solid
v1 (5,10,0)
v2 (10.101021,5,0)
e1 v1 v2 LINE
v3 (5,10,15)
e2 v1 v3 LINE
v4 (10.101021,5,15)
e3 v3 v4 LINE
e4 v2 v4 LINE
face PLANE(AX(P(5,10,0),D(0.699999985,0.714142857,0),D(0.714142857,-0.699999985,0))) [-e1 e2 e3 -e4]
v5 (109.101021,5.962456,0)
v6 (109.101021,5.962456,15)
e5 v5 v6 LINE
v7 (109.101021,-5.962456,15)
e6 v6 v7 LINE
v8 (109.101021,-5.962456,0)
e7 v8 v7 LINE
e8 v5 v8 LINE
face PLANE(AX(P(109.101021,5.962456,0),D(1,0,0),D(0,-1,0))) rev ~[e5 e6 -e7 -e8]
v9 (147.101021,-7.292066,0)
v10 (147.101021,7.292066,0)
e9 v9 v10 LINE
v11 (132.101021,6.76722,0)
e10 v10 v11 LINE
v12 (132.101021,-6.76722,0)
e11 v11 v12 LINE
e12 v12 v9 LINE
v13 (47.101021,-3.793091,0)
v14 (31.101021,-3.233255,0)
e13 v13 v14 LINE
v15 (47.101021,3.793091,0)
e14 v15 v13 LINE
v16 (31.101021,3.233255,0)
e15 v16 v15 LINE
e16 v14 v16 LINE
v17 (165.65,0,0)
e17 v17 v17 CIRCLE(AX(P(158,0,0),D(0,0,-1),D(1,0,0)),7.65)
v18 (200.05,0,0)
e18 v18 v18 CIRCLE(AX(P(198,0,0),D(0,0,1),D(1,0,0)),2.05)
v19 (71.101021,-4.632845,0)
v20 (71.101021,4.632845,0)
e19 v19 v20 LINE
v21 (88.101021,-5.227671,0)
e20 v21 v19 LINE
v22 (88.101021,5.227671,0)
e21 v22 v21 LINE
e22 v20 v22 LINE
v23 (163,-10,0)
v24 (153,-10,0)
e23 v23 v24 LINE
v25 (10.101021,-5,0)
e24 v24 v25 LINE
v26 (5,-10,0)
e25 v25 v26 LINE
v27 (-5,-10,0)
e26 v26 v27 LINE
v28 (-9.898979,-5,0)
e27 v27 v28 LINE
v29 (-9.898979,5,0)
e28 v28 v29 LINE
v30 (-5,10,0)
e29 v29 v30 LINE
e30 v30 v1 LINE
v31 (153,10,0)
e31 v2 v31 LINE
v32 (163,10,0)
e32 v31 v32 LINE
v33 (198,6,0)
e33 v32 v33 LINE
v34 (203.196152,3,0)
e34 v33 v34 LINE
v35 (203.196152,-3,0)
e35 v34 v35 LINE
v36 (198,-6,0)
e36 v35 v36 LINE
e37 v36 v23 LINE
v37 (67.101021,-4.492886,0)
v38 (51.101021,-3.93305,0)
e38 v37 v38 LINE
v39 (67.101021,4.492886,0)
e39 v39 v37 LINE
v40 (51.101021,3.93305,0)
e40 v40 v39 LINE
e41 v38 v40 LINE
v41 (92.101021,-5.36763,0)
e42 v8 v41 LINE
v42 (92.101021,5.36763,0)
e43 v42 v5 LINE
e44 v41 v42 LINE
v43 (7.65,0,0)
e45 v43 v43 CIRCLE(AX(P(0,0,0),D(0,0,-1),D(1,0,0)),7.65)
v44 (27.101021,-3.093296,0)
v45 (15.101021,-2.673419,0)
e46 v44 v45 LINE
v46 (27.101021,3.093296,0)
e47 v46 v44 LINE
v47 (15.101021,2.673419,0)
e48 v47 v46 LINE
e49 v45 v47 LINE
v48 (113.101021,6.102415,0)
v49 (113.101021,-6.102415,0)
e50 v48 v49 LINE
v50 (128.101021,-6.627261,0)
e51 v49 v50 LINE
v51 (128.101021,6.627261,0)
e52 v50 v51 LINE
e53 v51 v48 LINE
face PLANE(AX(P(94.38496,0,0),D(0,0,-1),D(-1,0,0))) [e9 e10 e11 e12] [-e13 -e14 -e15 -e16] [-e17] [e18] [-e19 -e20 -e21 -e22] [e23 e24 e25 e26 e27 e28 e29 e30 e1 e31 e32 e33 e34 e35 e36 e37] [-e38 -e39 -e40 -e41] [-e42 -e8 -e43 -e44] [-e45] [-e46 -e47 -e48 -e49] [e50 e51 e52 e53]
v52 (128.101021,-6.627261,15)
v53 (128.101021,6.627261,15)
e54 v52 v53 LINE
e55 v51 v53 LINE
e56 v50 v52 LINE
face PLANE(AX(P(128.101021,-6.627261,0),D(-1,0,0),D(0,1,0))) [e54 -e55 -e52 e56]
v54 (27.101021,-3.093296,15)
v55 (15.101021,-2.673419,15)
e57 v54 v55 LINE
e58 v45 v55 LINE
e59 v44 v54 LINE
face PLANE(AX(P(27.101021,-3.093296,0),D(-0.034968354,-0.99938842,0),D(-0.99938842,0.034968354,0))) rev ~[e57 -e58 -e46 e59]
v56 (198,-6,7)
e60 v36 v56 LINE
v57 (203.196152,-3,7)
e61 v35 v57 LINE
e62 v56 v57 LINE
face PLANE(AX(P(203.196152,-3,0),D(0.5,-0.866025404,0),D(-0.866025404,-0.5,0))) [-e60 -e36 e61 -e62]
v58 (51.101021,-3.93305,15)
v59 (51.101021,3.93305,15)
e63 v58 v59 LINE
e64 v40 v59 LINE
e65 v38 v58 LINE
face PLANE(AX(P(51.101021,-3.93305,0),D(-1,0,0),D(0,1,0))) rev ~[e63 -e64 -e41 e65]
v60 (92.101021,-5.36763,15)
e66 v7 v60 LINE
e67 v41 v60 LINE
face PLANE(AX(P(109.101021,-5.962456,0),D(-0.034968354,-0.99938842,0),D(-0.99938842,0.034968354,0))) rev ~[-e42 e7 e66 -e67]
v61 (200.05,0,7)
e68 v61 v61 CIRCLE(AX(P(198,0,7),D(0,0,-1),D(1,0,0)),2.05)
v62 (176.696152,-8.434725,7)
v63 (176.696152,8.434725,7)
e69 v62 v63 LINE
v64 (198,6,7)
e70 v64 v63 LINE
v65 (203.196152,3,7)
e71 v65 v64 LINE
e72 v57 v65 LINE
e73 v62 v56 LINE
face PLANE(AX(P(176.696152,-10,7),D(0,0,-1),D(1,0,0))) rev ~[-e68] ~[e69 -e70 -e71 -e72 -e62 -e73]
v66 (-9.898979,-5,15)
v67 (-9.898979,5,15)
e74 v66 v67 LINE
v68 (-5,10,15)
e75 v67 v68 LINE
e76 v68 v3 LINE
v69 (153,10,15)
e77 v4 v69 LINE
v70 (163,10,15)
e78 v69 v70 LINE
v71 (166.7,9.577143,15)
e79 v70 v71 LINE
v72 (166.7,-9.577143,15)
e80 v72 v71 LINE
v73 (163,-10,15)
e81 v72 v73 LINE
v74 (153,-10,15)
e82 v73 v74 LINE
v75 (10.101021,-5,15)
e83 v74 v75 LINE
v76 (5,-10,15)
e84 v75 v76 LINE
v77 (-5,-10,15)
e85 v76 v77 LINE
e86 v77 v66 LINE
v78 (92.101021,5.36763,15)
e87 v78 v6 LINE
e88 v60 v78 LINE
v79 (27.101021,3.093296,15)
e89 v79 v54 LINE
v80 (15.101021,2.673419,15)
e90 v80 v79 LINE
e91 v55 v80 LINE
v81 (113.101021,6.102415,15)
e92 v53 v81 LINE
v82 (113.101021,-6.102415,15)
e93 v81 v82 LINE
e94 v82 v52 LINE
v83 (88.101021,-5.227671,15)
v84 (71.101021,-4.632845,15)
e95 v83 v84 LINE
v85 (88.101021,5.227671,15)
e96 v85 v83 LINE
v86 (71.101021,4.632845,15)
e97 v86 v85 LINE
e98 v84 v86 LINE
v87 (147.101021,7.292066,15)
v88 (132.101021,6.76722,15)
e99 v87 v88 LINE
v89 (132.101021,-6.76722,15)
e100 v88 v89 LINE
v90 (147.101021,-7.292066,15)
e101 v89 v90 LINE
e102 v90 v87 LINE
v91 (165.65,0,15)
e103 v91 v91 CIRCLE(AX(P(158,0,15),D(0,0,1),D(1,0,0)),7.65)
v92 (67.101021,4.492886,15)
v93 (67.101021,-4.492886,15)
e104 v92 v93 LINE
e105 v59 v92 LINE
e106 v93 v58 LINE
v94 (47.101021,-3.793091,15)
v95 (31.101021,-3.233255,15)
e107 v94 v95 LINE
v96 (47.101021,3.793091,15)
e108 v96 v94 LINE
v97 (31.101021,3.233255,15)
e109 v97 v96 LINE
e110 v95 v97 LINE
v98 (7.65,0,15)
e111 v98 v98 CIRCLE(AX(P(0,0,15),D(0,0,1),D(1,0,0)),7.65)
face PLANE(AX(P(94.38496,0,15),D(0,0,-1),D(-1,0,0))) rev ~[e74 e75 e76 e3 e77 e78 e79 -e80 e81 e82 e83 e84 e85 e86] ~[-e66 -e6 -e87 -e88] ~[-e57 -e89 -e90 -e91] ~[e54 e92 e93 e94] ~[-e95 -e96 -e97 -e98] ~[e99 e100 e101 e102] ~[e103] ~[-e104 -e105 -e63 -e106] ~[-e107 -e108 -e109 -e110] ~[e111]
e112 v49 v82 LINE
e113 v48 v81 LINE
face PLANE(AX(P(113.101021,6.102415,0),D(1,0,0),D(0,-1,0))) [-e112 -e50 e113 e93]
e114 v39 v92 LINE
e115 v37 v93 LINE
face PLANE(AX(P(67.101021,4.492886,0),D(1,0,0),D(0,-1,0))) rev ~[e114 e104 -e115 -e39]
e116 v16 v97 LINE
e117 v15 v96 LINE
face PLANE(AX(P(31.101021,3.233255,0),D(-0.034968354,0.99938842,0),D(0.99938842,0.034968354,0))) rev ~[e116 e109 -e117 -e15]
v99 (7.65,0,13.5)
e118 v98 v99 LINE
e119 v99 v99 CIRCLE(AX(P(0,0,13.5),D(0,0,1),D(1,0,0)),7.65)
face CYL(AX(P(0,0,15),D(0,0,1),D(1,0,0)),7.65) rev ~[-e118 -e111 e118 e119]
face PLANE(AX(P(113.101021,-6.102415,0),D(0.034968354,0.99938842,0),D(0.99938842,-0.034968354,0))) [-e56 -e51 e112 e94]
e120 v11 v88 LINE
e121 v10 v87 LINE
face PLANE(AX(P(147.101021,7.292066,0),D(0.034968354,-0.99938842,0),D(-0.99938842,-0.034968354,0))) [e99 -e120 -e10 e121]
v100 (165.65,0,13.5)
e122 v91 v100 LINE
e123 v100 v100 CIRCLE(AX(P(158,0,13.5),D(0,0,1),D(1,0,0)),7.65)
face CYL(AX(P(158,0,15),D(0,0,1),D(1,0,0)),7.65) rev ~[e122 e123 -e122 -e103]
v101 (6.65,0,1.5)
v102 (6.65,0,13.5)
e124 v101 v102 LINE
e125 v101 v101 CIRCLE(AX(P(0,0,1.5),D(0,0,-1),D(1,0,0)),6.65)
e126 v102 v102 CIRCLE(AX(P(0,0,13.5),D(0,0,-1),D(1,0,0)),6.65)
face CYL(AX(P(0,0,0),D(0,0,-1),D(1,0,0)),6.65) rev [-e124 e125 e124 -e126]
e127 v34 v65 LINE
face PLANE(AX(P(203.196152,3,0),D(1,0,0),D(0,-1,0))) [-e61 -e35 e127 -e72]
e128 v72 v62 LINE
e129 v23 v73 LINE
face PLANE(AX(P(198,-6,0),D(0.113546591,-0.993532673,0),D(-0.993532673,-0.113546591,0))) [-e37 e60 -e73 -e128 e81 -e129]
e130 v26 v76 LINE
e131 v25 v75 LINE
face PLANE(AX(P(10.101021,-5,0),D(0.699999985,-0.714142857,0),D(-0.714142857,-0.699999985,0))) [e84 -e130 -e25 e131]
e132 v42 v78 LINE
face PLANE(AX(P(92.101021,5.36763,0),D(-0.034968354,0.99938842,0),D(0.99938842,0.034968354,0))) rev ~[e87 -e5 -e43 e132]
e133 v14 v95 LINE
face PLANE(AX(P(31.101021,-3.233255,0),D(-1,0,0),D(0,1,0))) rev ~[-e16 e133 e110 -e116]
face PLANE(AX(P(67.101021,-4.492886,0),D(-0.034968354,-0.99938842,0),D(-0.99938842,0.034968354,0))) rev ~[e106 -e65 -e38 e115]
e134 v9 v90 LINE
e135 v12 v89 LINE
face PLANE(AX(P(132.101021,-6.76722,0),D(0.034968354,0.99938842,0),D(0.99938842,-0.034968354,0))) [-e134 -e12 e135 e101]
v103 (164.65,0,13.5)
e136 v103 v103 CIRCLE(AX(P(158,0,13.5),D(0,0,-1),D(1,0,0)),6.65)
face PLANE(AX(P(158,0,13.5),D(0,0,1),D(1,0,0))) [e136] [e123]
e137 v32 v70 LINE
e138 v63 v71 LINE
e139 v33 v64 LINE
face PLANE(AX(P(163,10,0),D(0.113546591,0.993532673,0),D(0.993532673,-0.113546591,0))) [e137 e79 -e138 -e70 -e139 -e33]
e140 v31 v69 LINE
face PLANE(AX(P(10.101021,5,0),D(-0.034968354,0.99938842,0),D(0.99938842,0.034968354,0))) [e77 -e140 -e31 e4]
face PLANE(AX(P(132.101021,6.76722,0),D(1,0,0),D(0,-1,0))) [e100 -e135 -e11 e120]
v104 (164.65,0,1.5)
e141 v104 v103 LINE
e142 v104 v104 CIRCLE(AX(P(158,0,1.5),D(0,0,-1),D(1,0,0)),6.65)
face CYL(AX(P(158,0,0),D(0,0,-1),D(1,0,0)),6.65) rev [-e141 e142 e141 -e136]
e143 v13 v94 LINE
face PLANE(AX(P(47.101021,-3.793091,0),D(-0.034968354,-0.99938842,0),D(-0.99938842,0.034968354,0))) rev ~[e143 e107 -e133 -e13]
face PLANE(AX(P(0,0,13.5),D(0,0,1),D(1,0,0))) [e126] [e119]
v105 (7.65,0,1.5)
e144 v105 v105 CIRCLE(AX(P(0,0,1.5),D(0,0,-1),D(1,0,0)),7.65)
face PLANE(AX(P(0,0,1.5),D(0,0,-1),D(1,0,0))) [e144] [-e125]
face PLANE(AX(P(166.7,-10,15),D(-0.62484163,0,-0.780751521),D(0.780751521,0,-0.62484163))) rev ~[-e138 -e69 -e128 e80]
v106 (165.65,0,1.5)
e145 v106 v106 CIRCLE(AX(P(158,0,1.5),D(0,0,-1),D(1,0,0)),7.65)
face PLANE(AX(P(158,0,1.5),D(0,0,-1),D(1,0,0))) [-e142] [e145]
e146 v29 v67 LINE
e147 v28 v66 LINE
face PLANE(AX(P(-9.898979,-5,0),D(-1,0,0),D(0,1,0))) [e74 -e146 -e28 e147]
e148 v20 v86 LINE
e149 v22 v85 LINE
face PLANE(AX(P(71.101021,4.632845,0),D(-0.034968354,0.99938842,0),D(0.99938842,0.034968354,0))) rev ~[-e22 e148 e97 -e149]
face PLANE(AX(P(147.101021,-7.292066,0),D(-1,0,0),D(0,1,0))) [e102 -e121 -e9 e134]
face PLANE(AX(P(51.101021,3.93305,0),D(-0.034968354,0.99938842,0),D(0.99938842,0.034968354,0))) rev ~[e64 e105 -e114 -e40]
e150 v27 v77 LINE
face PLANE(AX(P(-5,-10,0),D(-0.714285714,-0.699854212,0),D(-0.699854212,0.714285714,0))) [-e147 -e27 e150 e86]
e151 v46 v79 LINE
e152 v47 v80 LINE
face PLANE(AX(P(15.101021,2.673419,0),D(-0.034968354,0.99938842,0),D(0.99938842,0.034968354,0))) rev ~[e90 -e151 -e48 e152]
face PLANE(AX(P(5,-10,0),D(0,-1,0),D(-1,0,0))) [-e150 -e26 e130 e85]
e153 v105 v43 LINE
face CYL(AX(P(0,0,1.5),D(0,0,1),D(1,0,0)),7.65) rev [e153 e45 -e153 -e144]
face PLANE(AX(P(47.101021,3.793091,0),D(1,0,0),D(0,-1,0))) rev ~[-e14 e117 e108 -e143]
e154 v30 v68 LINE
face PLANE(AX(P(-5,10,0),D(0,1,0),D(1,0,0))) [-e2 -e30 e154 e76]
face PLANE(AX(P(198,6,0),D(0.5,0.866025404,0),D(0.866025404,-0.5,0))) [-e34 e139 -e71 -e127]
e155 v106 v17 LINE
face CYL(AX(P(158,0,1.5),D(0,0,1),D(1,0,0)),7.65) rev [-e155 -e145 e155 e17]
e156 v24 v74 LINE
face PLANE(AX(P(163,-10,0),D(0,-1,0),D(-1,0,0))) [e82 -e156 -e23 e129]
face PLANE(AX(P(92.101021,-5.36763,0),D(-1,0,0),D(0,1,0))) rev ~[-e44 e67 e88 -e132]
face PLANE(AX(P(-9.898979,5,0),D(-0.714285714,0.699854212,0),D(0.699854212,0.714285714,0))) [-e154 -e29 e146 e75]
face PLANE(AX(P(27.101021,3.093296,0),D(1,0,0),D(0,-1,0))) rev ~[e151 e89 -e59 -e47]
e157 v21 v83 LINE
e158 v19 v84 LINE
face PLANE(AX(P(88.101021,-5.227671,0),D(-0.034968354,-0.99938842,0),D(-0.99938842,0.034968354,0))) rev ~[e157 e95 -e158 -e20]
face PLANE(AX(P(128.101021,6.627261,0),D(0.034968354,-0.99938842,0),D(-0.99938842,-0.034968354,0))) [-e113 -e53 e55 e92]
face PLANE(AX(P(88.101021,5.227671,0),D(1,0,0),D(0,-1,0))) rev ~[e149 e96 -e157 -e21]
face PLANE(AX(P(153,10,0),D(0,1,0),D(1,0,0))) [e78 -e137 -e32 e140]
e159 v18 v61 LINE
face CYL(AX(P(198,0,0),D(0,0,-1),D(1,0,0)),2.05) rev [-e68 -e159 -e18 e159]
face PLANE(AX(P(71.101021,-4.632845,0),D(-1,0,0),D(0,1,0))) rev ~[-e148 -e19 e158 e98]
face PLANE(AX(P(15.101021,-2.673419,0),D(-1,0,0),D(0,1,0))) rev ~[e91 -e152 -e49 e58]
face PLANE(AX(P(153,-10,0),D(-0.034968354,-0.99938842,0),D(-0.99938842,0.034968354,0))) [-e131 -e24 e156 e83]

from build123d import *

# Parameters (mm, degrees)
SKETCH_1_R          = 6.65
SKETCH_1_R_2        = 2.05
EXTRUDE_1_DEPTH     = 15
CUT_EXTRUDE_1_DEPTH = 205.728298873
SKETCH_3_R          = 7.65
CUT_EXTRUDE_2_DEPTH = 1.5
CUT_EXTRUDE_START   = -1.5
SKETCH_4_R          = 7.65
CUT_EXTRUDE_3_DEPTH = 1.5


with BuildPart() as part:
    # 草图1 → 凸台-拉伸1 (new body)
    with BuildSketch(Plane.XY):
        Polygon((198, 6), (203.196152423, 3), (203.196152423, -3), (198, -6), (163, -10), (153, -10), (10.101020514, -5), (5, -10), (-5, -10), (-9.898979486, -5), (-9.898979486, 5), (-5, 10), (5, 10), (10.101020514, 5), (153, 10), (163, 10), align=None)
        Circle(SKETCH_1_R, mode=Mode.SUBTRACT)
        with Locations((198, 0)):
            Circle(SKETCH_1_R_2, mode=Mode.SUBTRACT)
        with Locations((158, 0)):
            Circle(SKETCH_1_R, mode=Mode.SUBTRACT)
        Polygon((15.101020514, -2.67341888), (15.101020514, 2.67341888), (27.101020514, 3.093295916), (27.101020514, -3.093295916), align=None, mode=Mode.SUBTRACT)
        Polygon((31.101020514, -3.233254928), (31.101020514, 3.233254928), (47.101020514, 3.793090977), (47.101020514, -3.793090977), align=None, mode=Mode.SUBTRACT)
        Polygon((51.101020514, -3.933049989), (51.101020514, 3.933049989), (67.101020514, 4.492886037), (67.101020514, -4.492886037), align=None, mode=Mode.SUBTRACT)
        Polygon((71.101020514, 4.632845049), (88.101020514, 5.227670851), (88.101020514, -5.227670851), (71.101020514, -4.632845049), align=None, mode=Mode.SUBTRACT)
        Polygon((109.101020514, 5.962455664), (109.101020514, -5.962455664), (92.101020514, -5.367629863), (92.101020514, 5.367629863), align=None, mode=Mode.SUBTRACT)
        Polygon((113.101020514, -6.102414676), (128.101020514, -6.627260972), (128.101020514, 6.627260972), (113.101020514, 6.102414676), align=None, mode=Mode.SUBTRACT)
        Polygon((147.101020514, -7.292066279), (147.101020514, 7.292066279), (132.101020514, 6.767219984), (132.101020514, -6.767219984), align=None, mode=Mode.SUBTRACT)
    extrude(amount=EXTRUDE_1_DEPTH)

    # 草图2 → 切除-拉伸1 (cut, through all)
    with BuildSketch(Plane.XZ.offset(10)):
        Polygon((166.7, 15), (176.696152423, 7), (203.196152423, 7), (203.196152423, 15), align=None)
    extrude(amount=-CUT_EXTRUDE_1_DEPTH, mode=Mode.SUBTRACT)

    # 草图3 → 切除-拉伸2 (cut)
    with BuildSketch(Plane.XY.offset(15)):
        Circle(SKETCH_3_R)
        with Locations((158, 0)):
            Circle(SKETCH_3_R)
    extrude(amount=-CUT_EXTRUDE_2_DEPTH, mode=Mode.SUBTRACT)

    # 草图4 → 切除-拉伸3 (cut)
    with BuildSketch(Plane(origin=(0, 0, 0), x_dir=(-1, 0, 0), z_dir=(0, 0, -1)).offset(CUT_EXTRUDE_START)):
        with Locations(Location((-158, 0, 0), (0, 0, 180))):
            Circle(SKETCH_4_R)
        with Locations(Location((0, 0, 0), (0, 0, 180))):
            Circle(SKETCH_4_R)
    extrude(amount=CUT_EXTRUDE_3_DEPTH, mode=Mode.SUBTRACT)


solid = part.part
